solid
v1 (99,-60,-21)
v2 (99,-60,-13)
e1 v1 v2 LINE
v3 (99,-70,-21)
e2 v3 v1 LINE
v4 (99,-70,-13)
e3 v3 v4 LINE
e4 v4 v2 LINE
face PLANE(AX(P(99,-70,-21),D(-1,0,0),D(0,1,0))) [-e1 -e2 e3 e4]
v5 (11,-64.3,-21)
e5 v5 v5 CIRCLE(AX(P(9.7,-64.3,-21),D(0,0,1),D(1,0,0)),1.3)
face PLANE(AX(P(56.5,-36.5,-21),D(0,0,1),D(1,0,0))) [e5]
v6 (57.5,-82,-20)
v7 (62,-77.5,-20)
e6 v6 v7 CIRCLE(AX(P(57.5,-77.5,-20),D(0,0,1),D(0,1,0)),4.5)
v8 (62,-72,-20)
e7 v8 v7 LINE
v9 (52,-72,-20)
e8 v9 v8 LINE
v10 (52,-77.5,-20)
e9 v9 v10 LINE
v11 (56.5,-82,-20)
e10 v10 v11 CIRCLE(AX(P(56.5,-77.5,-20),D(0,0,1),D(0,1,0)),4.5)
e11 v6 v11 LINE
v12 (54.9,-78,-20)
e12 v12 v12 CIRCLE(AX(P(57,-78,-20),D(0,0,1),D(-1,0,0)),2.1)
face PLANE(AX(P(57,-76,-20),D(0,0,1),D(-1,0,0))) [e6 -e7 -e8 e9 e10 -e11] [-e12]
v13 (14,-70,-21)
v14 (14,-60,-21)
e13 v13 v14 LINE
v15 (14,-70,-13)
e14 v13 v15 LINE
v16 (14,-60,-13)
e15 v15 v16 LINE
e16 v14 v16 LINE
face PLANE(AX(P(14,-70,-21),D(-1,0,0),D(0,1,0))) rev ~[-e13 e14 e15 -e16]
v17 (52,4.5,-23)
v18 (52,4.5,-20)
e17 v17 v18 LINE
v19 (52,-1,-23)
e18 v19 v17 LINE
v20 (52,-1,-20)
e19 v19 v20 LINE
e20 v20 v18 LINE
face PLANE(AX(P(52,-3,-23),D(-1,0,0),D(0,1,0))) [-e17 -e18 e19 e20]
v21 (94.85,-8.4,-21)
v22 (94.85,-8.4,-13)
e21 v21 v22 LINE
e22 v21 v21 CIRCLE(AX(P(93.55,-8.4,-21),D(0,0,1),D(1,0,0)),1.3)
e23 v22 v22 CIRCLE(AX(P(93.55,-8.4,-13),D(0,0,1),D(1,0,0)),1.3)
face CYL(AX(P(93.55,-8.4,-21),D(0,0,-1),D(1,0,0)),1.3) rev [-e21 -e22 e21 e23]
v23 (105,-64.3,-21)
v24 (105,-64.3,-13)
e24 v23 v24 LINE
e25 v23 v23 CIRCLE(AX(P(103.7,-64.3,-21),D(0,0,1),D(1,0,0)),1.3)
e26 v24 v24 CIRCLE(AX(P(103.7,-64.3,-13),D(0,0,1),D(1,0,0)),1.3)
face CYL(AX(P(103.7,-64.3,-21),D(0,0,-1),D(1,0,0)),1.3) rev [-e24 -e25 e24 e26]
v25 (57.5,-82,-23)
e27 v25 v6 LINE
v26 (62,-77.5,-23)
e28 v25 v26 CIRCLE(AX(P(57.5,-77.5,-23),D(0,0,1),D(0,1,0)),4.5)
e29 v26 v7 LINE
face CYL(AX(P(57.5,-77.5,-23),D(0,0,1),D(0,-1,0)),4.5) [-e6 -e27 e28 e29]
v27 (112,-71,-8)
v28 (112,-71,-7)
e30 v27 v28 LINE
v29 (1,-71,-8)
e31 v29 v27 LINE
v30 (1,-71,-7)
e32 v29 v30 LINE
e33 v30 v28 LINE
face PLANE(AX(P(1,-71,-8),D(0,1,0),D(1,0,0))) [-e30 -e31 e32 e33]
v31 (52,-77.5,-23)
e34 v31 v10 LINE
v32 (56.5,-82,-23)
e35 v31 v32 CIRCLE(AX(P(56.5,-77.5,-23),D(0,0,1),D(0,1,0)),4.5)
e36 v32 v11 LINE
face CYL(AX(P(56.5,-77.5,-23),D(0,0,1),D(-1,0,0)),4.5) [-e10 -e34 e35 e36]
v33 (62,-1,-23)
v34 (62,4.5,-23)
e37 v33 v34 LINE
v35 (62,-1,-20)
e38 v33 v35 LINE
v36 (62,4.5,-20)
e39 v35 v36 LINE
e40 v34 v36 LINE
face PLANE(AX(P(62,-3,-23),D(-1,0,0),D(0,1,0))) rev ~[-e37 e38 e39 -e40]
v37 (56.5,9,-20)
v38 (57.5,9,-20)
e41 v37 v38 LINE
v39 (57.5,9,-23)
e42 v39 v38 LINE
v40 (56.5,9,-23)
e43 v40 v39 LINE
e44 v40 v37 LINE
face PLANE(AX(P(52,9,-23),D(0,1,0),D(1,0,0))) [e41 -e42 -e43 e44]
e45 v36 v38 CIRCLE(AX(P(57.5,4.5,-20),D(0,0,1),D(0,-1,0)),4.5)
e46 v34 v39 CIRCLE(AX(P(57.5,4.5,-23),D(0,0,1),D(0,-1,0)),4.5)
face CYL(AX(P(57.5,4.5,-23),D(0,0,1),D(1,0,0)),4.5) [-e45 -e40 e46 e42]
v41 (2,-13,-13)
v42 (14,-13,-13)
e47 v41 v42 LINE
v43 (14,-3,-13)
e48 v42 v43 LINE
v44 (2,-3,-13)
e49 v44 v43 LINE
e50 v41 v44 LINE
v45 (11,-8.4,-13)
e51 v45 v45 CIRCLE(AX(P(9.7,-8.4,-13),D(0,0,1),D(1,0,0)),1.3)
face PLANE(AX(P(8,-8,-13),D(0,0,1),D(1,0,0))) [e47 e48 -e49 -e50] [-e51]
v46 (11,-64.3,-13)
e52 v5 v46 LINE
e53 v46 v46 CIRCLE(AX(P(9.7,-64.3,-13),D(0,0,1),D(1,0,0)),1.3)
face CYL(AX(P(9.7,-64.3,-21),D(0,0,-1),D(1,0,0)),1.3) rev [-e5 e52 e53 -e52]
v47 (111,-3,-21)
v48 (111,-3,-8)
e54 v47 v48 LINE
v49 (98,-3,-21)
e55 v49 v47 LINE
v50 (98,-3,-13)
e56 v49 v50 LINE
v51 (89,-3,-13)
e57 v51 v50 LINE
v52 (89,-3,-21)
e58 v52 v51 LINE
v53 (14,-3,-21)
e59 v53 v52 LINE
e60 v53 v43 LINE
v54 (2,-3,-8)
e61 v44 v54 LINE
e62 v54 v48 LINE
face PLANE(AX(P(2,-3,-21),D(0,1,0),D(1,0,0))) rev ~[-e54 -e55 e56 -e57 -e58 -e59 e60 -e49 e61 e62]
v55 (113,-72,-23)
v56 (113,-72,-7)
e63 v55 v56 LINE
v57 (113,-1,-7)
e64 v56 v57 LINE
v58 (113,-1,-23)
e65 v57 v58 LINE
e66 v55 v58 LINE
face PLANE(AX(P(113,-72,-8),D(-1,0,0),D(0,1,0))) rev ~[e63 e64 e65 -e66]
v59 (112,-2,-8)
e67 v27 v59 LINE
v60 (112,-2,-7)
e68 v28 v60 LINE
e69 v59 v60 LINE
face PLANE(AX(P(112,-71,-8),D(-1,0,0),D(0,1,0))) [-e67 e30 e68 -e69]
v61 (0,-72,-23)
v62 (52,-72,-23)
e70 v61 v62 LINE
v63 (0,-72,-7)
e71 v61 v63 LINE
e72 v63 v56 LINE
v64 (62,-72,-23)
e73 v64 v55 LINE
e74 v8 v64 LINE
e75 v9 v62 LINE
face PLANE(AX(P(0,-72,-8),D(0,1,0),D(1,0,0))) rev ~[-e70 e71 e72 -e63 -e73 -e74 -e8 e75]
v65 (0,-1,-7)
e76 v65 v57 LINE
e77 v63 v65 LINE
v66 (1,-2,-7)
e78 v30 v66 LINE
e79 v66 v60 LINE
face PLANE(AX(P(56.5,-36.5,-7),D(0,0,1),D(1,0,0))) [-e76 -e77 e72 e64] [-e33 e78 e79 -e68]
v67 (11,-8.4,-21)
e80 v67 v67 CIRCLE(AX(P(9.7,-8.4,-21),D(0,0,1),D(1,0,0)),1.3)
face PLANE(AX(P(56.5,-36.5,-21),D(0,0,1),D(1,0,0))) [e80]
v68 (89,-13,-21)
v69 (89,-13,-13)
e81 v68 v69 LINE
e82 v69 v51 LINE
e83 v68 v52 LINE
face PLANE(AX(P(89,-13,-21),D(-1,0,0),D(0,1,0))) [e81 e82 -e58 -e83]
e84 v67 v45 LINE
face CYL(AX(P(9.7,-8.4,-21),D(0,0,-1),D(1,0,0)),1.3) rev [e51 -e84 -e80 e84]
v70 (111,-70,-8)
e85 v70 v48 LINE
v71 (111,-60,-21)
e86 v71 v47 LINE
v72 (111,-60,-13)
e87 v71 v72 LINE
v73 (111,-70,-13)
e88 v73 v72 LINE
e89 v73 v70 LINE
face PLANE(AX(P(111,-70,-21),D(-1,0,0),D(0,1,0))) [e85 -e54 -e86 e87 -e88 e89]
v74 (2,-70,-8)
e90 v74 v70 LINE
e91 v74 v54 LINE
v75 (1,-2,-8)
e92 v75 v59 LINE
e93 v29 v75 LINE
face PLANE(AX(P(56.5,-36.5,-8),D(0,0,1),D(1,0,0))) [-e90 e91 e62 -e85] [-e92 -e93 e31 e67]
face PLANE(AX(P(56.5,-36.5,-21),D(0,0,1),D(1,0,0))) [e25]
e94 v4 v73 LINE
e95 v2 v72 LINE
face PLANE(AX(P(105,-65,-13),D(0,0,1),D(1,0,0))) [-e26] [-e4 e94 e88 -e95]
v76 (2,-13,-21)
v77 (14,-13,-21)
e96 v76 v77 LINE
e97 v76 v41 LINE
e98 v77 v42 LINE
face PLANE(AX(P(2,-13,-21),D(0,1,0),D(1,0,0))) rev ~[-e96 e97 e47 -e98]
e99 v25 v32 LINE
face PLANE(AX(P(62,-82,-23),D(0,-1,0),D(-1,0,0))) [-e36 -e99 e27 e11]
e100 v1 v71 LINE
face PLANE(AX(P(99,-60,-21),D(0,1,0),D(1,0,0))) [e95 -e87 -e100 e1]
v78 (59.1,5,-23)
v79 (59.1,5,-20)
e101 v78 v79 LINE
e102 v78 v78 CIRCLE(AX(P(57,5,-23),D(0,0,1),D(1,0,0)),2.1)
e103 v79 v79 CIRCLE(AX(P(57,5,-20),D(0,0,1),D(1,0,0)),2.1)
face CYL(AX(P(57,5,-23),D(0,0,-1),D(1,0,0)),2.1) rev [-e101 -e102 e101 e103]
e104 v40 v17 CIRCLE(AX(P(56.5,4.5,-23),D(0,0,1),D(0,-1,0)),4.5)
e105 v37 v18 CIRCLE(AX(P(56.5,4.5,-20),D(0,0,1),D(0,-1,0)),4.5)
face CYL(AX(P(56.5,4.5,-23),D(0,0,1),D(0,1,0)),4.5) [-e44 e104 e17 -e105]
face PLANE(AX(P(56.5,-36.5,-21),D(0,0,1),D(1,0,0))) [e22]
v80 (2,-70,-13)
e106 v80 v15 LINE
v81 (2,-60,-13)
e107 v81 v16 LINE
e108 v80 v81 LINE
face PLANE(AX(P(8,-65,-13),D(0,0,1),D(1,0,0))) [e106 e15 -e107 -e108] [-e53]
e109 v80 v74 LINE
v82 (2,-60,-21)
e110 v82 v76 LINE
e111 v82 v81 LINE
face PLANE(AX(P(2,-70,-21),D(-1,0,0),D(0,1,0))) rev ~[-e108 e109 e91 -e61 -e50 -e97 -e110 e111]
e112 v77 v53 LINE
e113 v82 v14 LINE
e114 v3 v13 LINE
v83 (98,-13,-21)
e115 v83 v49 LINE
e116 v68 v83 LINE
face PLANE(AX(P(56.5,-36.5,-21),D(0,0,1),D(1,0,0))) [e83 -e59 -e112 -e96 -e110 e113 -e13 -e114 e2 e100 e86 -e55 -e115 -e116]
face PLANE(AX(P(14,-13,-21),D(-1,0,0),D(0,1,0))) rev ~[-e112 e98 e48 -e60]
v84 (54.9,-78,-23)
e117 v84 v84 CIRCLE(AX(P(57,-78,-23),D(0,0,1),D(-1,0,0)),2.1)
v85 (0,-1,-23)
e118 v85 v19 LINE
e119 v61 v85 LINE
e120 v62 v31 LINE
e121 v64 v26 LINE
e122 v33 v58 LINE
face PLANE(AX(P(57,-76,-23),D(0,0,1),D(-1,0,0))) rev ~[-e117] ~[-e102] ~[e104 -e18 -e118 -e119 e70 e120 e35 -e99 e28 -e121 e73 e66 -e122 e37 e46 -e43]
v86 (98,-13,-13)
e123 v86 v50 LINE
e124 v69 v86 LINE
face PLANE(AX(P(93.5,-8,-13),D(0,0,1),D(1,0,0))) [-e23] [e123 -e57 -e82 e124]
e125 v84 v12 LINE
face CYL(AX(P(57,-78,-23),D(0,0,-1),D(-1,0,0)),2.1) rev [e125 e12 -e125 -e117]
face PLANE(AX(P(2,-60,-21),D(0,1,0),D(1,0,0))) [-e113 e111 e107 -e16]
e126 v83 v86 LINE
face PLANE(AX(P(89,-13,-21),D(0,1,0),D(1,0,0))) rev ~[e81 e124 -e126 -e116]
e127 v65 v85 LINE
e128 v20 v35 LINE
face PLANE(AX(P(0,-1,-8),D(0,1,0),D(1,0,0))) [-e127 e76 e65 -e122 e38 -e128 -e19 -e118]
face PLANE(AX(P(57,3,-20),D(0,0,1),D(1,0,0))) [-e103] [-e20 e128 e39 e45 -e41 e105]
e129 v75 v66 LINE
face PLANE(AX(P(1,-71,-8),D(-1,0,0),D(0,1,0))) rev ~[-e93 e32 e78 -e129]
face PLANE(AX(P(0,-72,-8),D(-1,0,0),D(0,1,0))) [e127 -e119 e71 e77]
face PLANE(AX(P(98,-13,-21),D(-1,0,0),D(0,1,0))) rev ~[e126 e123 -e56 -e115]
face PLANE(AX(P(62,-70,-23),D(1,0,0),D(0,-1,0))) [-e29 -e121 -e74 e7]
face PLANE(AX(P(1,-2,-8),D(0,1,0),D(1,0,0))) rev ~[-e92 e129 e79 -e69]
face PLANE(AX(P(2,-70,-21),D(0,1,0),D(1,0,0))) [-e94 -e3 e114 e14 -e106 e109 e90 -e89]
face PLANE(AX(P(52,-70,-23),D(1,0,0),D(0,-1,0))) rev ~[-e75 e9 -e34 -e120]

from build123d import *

# Parameters (mm, degrees)
CYLINDER009_R          = 2.1
CYLINDER009_DEPTH      = 3
BOX018_W               = 10
BOX018_H               = 12
BOX018_DEPTH           = 3
FILLET002_R            = 4.5
FILLET003_R            = 4.5
CUT018_PLACEMENT_ANGLE = 180
CYLINDER008_R          = 2.1
CYLINDER008_DEPTH      = 3
BOX017_W               = 10
BOX017_H               = 12
BOX017_DEPTH           = 3
FILLET_R               = 4.5
FILLET001_R            = 4.5
CYLINDER002_R          = 1.3
CYLINDER002_DEPTH      = 8
BOX016_W               = 9
BOX016_H               = 10
BOX016_DEPTH           = 8
CYLINDER003_R          = 1.3
CYLINDER003_DEPTH      = 8
BOX015_W               = 12
BOX015_H               = 10
BOX015_DEPTH           = 8
CYLINDER001_R          = 1.3
CYLINDER001_DEPTH      = 8
BOX013_W               = 12
BOX013_H               = 10
BOX013_DEPTH           = 8
CYLINDER_R             = 1.3
CYLINDER_DEPTH         = 8
BOX014_W               = 12
BOX014_H               = 10
BOX014_DEPTH           = 8
BOX003_W               = 111
BOX003_H               = 69
BOX003_DEPTH           = 1
BOX002_W               = 113
BOX002_H               = 71
BOX002_DEPTH           = 1
BOX001_W               = 109
BOX001_H               = 67
BOX001_DEPTH           = 13
BOX_W                  = 113
BOX_H                  = 71
BOX_DEPTH              = 15


with BuildPart() as zylinder001:
    # Cylinder009 → Cylinder009 (new body)
    with BuildSketch(Plane(origin=(5, 5, -23), x_dir=(1, 0, 0), z_dir=(0, 0, 1))):
        Circle(CYLINDER009_R)
    extrude(amount=CYLINDER009_DEPTH)


with BuildPart() as ear_u:
    # Box018 → Box018 (new body)
    with BuildSketch(Plane(origin=(0, -3, -23), x_dir=(1, 0, 0), z_dir=(0, 0, 1))):
        with Locations((5, 6)):
            Rectangle(BOX018_W, BOX018_H)
    extrude(amount=BOX018_DEPTH)

    # Fillet002
    fillet002_edges = [ear_u.edges().sort_by_distance(p)[0] for p in [
        (10, 9, -21.5),
    ]]
    fillet(fillet002_edges, radius=FILLET002_R)

    # Fillet003
    fillet003_edges = [ear_u.edges().sort_by_distance(p)[0] for p in [
        (0, 9, -21.5),
    ]]
    fillet(fillet003_edges, radius=FILLET003_R)

    # Cut018: cut Zylinder001
    add(zylinder001.part, mode=Mode.SUBTRACT)


with BuildPart() as ear_u_1:
    # Cut018 placement: moved
    add(ear_u.part.moved(Location((62, -73, 0))).rotate(Axis((62, -73, 0), (0, 0, 1)), CUT018_PLACEMENT_ANGLE))


with BuildPart() as zylinder:
    # Cylinder008 → Cylinder008 (new body)
    with BuildSketch(Plane(origin=(5, 5, -23), x_dir=(1, 0, 0), z_dir=(0, 0, 1))):
        Circle(CYLINDER008_R)
    extrude(amount=CYLINDER008_DEPTH)


with BuildPart() as ear_o:
    # Box017 → Box017 (new body)
    with BuildSketch(Plane(origin=(0, -3, -23), x_dir=(1, 0, 0), z_dir=(0, 0, 1))):
        with Locations((5, 6)):
            Rectangle(BOX017_W, BOX017_H)
    extrude(amount=BOX017_DEPTH)

    # Fillet
    fillet_edges = [ear_o.edges().sort_by_distance(p)[0] for p in [
        (10, 9, -21.5),
    ]]
    fillet(fillet_edges, radius=FILLET_R)

    # Fillet001
    fillet001_edges = [ear_o.edges().sort_by_distance(p)[0] for p in [
        (0, 9, -21.5),
    ]]
    fillet(fillet001_edges, radius=FILLET001_R)

    # Cut017: cut Zylinder
    add(zylinder.part, mode=Mode.SUBTRACT)


with BuildPart() as ear_o_1:
    # Cut017 placement: moved
    add(ear_o.part.moved(Location((52, 0, 0))))


with BuildPart() as fasteninghole_ro:
    # Cylinder002 → Cylinder002 (new body)
    with BuildSketch(Plane(origin=(93.55, -8.4, -10), x_dir=(1, 0, 0), z_dir=(0, 0, 1))):
        Circle(CYLINDER002_R)
    extrude(amount=CYLINDER002_DEPTH)


with BuildPart() as fasteningblock_ro:
    # Box016 → Box016 (new body)
    with BuildSketch(Plane(origin=(89, -13, -10), x_dir=(1, 0, 0), z_dir=(0, 0, 1))):
        with Locations((4.5, 5)):
            Rectangle(BOX016_W, BOX016_H)
    extrude(amount=BOX016_DEPTH)

    # Cut011: cut FasteningHole_RO
    add(fasteninghole_ro.part, mode=Mode.SUBTRACT)


with BuildPart() as fasteninghole_ru:
    # Cylinder003 → Cylinder003 (new body)
    with BuildSketch(Plane(origin=(103.7, -64.3, -10), x_dir=(1, 0, 0), z_dir=(0, 0, 1))):
        Circle(CYLINDER003_R)
    extrude(amount=CYLINDER003_DEPTH)


with BuildPart() as fasteningblock_ru:
    # Box015 → Box015 (new body)
    with BuildSketch(Plane(origin=(99, -70, -10), x_dir=(1, 0, 0), z_dir=(0, 0, 1))):
        with Locations((6, 5)):
            Rectangle(BOX015_W, BOX015_H)
    extrude(amount=BOX015_DEPTH)

    # Cut012: cut FasteningHole_RU
    add(fasteninghole_ru.part, mode=Mode.SUBTRACT)


with BuildPart() as fasteninghole_lu:
    # Cylinder001 → Cylinder001 (new body)
    with BuildSketch(Plane(origin=(9.7, -64.3, -10), x_dir=(1, 0, 0), z_dir=(0, 0, 1))):
        Circle(CYLINDER001_R)
    extrude(amount=CYLINDER001_DEPTH)


with BuildPart() as fasteningblock_lu:
    # Box013 → Box013 (new body)
    with BuildSketch(Plane(origin=(2, -70, -10), x_dir=(1, 0, 0), z_dir=(0, 0, 1))):
        with Locations((6, 5)):
            Rectangle(BOX013_W, BOX013_H)
    extrude(amount=BOX013_DEPTH)

    # Cut010: cut FasteningHole_LU
    add(fasteninghole_lu.part, mode=Mode.SUBTRACT)


with BuildPart() as fasteninghole_lo:
    # Cylinder → Cylinder (new body)
    with BuildSketch(Plane(origin=(9.7, -8.4, -10), x_dir=(1, 0, 0), z_dir=(0, 0, 1))):
        Circle(CYLINDER_R)
    extrude(amount=CYLINDER_DEPTH)


with BuildPart() as fasteningblock_lo:
    # Box014 → Box014 (new body)
    with BuildSketch(Plane(origin=(2, -13, -10), x_dir=(1, 0, 0), z_dir=(0, 0, 1))):
        with Locations((6, 5)):
            Rectangle(BOX014_W, BOX014_H)
    extrude(amount=BOX014_DEPTH)

    # Cut009: cut FasteningHole_LO
    add(fasteninghole_lo.part, mode=Mode.SUBTRACT)


with BuildPart() as casebottomlip_in:
    # Box003 → Box003 (new body)
    with BuildSketch(Plane(origin=(1, -71, 3), x_dir=(1, 0, 0), z_dir=(0, 0, 1))):
        with Locations((55.5, 34.5)):
            Rectangle(BOX003_W, BOX003_H)
    extrude(amount=BOX003_DEPTH)


with BuildPart() as casebottomlip:
    # Box002 → Box002 (new body)
    with BuildSketch(Plane(origin=(0, -72, 3), x_dir=(1, 0, 0), z_dir=(0, 0, 1))):
        with Locations((56.5, 35.5)):
            Rectangle(BOX002_W, BOX002_H)
    extrude(amount=BOX002_DEPTH)

    # Cut001: cut CaseBottomLip_In
    add(casebottomlip_in.part, mode=Mode.SUBTRACT)


with BuildPart() as casebottombed_in:
    # Box001 → Box001 (new body)
    with BuildSketch(Plane(origin=(2, -70, -10), x_dir=(1, 0, 0), z_dir=(0, 0, 1))):
        with Locations((54.5, 33.5)):
            Rectangle(BOX001_W, BOX001_H)
    extrude(amount=BOX001_DEPTH)


with BuildPart() as casebottom:
    # Box → Box (new body)
    with BuildSketch(Plane(origin=(0, -72, -12), x_dir=(1, 0, 0), z_dir=(0, 0, 1))):
        with Locations((56.5, 35.5)):
            Rectangle(BOX_W, BOX_H)
    extrude(amount=BOX_DEPTH)

    # Cut: cut CaseBottomBed_In
    add(casebottombed_in.part, mode=Mode.SUBTRACT)

    # Fusion: union CaseBottomLip
    add(casebottomlip.part)

    # Fusion002: union FasteningBlock_LO
    add(fasteningblock_lo.part)

    # Fusion003: union FasteningBlock_LU
    add(fasteningblock_lu.part)

    # Fusion004: union FasteningBlock_RU
    add(fasteningblock_ru.part)

    # Fusion005: union FasteningBlock_RO
    add(fasteningblock_ro.part)


with BuildPart() as casebottom_1:
    # Fusion005 placement: moved
    add(casebottom.part.moved(Location((0, 0, -11))))

    # Fusion010: union Ear_O
    add(ear_o_1.part)

    # Fusion011: union Ear_U
    add(ear_u_1.part)


solid = casebottom_1.part
